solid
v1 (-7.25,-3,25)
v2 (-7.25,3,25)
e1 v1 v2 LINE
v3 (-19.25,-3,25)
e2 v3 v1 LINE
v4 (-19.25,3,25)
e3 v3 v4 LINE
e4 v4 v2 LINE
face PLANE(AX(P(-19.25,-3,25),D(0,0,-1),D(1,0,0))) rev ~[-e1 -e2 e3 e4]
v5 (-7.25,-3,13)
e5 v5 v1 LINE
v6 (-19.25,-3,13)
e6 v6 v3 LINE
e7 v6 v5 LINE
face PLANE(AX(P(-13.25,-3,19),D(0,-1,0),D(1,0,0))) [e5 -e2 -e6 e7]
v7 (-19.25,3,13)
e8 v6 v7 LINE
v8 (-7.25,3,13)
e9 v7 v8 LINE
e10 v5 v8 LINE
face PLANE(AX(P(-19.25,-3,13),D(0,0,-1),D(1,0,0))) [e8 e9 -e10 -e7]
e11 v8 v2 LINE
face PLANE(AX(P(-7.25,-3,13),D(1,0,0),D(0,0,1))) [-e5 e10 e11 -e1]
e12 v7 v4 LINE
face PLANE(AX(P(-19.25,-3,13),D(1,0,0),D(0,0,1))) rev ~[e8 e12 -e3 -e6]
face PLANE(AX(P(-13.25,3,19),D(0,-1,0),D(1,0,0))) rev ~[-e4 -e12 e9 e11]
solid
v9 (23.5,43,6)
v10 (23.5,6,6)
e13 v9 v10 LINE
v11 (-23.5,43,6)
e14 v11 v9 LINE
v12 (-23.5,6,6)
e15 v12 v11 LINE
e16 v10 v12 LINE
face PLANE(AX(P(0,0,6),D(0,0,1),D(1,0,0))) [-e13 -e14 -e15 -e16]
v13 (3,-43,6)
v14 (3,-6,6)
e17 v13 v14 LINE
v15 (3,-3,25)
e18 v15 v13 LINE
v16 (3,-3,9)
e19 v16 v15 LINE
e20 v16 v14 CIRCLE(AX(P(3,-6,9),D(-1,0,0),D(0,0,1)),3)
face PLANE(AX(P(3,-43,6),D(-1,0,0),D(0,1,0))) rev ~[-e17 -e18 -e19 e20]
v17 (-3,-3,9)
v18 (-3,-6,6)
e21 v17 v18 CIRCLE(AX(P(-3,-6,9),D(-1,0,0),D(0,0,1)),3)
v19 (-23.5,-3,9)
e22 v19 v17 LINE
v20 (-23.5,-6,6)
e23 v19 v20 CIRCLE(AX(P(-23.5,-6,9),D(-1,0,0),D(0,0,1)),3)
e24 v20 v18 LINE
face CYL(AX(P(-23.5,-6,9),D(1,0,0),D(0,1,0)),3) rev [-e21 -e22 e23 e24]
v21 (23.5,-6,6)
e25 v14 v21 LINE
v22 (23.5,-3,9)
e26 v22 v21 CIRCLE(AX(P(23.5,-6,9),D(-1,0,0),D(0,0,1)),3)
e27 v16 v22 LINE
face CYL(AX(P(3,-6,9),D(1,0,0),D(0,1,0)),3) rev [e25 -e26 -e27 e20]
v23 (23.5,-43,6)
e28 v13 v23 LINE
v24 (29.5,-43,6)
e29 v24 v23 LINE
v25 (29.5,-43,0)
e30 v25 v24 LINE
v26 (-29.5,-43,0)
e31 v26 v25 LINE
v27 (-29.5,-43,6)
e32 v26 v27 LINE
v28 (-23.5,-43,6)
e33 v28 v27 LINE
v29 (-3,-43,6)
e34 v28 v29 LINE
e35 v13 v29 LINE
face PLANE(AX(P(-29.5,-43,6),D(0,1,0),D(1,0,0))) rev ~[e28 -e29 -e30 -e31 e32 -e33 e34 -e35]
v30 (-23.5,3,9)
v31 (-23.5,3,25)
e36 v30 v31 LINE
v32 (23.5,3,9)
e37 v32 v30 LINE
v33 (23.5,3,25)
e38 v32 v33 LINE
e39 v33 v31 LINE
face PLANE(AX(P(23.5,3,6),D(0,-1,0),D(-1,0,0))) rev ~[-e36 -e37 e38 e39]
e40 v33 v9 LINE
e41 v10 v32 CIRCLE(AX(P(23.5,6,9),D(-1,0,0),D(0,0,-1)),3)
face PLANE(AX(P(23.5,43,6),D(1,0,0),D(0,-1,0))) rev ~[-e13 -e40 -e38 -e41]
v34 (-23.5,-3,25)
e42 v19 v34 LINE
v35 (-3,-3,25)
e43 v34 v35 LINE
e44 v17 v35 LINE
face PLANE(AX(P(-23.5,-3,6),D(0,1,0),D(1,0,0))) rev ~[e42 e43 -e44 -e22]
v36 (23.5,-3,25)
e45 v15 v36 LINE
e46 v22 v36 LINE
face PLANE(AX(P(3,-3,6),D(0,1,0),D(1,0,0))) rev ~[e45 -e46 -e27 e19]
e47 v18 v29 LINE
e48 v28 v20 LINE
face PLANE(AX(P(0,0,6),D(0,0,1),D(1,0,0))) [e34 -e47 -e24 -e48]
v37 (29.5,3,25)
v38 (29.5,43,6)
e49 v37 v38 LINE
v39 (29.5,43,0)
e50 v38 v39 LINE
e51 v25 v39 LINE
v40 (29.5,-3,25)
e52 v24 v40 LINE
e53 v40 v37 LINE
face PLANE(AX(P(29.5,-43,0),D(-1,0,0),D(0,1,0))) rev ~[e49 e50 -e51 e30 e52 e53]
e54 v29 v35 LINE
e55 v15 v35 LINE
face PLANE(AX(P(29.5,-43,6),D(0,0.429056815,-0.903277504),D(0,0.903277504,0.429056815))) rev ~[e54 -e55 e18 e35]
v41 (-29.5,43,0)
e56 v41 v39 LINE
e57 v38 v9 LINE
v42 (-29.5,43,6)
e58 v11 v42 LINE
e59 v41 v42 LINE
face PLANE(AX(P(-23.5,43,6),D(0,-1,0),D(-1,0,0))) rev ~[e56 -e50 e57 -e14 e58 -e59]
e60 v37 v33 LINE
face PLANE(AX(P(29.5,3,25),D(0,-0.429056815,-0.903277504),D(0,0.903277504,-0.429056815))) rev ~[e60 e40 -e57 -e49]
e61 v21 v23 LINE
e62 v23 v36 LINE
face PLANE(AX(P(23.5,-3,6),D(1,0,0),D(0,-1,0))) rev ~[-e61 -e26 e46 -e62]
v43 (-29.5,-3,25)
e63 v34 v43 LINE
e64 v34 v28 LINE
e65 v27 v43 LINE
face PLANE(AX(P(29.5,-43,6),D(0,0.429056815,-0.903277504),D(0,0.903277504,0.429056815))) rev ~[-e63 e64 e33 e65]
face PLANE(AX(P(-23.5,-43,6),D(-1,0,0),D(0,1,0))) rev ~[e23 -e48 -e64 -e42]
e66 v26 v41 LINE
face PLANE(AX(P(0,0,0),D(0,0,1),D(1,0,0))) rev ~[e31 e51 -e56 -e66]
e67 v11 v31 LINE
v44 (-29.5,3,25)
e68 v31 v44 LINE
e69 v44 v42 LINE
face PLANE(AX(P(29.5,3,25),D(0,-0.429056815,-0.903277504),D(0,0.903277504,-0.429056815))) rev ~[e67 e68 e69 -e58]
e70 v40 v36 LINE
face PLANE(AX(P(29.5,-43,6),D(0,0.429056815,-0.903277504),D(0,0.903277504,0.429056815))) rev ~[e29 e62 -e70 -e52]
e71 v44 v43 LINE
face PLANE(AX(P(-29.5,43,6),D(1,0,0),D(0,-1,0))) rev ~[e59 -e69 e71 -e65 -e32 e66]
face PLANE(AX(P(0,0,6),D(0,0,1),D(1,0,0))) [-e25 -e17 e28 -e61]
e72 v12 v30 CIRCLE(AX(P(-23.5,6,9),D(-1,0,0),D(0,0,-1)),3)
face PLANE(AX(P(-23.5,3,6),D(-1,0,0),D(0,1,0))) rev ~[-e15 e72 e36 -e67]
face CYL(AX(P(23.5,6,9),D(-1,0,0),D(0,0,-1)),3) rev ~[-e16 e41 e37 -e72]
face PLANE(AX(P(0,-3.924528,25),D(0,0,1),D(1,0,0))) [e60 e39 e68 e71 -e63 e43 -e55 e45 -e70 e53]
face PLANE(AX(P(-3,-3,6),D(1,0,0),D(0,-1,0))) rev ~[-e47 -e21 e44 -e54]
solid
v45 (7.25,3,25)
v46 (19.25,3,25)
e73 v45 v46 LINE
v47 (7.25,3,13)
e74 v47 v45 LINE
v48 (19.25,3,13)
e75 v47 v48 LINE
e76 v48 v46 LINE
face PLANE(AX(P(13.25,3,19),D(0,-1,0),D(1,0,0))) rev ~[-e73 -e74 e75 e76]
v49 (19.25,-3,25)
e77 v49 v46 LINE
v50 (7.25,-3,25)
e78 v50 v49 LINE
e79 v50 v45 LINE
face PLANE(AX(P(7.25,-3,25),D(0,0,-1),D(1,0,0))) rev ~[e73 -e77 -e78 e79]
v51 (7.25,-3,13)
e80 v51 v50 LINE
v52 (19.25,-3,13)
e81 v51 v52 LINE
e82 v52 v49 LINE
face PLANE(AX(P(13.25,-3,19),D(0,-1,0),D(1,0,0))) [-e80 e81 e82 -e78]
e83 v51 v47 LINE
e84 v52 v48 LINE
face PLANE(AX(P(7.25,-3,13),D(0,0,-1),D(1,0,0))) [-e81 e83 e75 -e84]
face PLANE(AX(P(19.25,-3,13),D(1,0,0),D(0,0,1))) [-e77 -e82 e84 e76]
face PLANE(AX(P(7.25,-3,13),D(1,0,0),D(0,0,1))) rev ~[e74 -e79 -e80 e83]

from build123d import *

# Parameters (mm, degrees)
F0_W     = 59
F0_H     = 86
F1_DEPTH = 6
F3_DEPTH = 19
F5_DEPTH = 59.001
F6_W     = 12
F6_H     = 12
F7_DEPTH = 6
F8_R     = 3


with BuildPart() as f1:
    # F0 (on Top) → F1 (new body)
    with BuildSketch(Plane.XY):
        Rectangle(F0_W, F0_H)
    extrude(amount=F1_DEPTH)

    # F2 (on face) → F3 (join)
    with BuildSketch(Plane.XY.offset(6)):
        Polygon((-23.5, 43), (-29.5, 43), (-29.5, -43), (-23.5, -43), (-23.5, -3), (-3, -3), (-3, -43), (3, -43), (3, -3), (23.5, -3), (23.5, -43), (29.5, -43), (29.5, 43), (23.5, 43), (23.5, 3), (-23.5, 3), align=None)
    extrude(amount=F3_DEPTH)

    # F4 (on face) → F5 (cut, through all)
    with BuildSketch(Plane.YZ.offset(29.5)):
        Polygon((-43, 25), (-43, 6), (-3, 25), align=None)
        Polygon((43, 25), (3, 25), (43, 6), align=None)
    extrude(amount=-F5_DEPTH, mode=Mode.SUBTRACT)

    # F8
    f8_edges = [f1.edges().sort_by_distance(p)[0] for p in [
        (-13.25, -3, 6),
        (13.25, -3, 6),
        (0, 3, 6),
    ]]
    fillet(f8_edges, radius=F8_R)


with BuildPart() as f7:
    # F6 (on face) → F7 (new body)
    with BuildSketch(Plane.XZ.offset(3)):
        with Locations((-13.25, 19)):
            Rectangle(F6_W, F6_H)
        with Locations((13.25, 19)):
            Rectangle(F6_W, F6_H)
    extrude(amount=-F7_DEPTH)


solid = Compound([f1.part, f7.part])
